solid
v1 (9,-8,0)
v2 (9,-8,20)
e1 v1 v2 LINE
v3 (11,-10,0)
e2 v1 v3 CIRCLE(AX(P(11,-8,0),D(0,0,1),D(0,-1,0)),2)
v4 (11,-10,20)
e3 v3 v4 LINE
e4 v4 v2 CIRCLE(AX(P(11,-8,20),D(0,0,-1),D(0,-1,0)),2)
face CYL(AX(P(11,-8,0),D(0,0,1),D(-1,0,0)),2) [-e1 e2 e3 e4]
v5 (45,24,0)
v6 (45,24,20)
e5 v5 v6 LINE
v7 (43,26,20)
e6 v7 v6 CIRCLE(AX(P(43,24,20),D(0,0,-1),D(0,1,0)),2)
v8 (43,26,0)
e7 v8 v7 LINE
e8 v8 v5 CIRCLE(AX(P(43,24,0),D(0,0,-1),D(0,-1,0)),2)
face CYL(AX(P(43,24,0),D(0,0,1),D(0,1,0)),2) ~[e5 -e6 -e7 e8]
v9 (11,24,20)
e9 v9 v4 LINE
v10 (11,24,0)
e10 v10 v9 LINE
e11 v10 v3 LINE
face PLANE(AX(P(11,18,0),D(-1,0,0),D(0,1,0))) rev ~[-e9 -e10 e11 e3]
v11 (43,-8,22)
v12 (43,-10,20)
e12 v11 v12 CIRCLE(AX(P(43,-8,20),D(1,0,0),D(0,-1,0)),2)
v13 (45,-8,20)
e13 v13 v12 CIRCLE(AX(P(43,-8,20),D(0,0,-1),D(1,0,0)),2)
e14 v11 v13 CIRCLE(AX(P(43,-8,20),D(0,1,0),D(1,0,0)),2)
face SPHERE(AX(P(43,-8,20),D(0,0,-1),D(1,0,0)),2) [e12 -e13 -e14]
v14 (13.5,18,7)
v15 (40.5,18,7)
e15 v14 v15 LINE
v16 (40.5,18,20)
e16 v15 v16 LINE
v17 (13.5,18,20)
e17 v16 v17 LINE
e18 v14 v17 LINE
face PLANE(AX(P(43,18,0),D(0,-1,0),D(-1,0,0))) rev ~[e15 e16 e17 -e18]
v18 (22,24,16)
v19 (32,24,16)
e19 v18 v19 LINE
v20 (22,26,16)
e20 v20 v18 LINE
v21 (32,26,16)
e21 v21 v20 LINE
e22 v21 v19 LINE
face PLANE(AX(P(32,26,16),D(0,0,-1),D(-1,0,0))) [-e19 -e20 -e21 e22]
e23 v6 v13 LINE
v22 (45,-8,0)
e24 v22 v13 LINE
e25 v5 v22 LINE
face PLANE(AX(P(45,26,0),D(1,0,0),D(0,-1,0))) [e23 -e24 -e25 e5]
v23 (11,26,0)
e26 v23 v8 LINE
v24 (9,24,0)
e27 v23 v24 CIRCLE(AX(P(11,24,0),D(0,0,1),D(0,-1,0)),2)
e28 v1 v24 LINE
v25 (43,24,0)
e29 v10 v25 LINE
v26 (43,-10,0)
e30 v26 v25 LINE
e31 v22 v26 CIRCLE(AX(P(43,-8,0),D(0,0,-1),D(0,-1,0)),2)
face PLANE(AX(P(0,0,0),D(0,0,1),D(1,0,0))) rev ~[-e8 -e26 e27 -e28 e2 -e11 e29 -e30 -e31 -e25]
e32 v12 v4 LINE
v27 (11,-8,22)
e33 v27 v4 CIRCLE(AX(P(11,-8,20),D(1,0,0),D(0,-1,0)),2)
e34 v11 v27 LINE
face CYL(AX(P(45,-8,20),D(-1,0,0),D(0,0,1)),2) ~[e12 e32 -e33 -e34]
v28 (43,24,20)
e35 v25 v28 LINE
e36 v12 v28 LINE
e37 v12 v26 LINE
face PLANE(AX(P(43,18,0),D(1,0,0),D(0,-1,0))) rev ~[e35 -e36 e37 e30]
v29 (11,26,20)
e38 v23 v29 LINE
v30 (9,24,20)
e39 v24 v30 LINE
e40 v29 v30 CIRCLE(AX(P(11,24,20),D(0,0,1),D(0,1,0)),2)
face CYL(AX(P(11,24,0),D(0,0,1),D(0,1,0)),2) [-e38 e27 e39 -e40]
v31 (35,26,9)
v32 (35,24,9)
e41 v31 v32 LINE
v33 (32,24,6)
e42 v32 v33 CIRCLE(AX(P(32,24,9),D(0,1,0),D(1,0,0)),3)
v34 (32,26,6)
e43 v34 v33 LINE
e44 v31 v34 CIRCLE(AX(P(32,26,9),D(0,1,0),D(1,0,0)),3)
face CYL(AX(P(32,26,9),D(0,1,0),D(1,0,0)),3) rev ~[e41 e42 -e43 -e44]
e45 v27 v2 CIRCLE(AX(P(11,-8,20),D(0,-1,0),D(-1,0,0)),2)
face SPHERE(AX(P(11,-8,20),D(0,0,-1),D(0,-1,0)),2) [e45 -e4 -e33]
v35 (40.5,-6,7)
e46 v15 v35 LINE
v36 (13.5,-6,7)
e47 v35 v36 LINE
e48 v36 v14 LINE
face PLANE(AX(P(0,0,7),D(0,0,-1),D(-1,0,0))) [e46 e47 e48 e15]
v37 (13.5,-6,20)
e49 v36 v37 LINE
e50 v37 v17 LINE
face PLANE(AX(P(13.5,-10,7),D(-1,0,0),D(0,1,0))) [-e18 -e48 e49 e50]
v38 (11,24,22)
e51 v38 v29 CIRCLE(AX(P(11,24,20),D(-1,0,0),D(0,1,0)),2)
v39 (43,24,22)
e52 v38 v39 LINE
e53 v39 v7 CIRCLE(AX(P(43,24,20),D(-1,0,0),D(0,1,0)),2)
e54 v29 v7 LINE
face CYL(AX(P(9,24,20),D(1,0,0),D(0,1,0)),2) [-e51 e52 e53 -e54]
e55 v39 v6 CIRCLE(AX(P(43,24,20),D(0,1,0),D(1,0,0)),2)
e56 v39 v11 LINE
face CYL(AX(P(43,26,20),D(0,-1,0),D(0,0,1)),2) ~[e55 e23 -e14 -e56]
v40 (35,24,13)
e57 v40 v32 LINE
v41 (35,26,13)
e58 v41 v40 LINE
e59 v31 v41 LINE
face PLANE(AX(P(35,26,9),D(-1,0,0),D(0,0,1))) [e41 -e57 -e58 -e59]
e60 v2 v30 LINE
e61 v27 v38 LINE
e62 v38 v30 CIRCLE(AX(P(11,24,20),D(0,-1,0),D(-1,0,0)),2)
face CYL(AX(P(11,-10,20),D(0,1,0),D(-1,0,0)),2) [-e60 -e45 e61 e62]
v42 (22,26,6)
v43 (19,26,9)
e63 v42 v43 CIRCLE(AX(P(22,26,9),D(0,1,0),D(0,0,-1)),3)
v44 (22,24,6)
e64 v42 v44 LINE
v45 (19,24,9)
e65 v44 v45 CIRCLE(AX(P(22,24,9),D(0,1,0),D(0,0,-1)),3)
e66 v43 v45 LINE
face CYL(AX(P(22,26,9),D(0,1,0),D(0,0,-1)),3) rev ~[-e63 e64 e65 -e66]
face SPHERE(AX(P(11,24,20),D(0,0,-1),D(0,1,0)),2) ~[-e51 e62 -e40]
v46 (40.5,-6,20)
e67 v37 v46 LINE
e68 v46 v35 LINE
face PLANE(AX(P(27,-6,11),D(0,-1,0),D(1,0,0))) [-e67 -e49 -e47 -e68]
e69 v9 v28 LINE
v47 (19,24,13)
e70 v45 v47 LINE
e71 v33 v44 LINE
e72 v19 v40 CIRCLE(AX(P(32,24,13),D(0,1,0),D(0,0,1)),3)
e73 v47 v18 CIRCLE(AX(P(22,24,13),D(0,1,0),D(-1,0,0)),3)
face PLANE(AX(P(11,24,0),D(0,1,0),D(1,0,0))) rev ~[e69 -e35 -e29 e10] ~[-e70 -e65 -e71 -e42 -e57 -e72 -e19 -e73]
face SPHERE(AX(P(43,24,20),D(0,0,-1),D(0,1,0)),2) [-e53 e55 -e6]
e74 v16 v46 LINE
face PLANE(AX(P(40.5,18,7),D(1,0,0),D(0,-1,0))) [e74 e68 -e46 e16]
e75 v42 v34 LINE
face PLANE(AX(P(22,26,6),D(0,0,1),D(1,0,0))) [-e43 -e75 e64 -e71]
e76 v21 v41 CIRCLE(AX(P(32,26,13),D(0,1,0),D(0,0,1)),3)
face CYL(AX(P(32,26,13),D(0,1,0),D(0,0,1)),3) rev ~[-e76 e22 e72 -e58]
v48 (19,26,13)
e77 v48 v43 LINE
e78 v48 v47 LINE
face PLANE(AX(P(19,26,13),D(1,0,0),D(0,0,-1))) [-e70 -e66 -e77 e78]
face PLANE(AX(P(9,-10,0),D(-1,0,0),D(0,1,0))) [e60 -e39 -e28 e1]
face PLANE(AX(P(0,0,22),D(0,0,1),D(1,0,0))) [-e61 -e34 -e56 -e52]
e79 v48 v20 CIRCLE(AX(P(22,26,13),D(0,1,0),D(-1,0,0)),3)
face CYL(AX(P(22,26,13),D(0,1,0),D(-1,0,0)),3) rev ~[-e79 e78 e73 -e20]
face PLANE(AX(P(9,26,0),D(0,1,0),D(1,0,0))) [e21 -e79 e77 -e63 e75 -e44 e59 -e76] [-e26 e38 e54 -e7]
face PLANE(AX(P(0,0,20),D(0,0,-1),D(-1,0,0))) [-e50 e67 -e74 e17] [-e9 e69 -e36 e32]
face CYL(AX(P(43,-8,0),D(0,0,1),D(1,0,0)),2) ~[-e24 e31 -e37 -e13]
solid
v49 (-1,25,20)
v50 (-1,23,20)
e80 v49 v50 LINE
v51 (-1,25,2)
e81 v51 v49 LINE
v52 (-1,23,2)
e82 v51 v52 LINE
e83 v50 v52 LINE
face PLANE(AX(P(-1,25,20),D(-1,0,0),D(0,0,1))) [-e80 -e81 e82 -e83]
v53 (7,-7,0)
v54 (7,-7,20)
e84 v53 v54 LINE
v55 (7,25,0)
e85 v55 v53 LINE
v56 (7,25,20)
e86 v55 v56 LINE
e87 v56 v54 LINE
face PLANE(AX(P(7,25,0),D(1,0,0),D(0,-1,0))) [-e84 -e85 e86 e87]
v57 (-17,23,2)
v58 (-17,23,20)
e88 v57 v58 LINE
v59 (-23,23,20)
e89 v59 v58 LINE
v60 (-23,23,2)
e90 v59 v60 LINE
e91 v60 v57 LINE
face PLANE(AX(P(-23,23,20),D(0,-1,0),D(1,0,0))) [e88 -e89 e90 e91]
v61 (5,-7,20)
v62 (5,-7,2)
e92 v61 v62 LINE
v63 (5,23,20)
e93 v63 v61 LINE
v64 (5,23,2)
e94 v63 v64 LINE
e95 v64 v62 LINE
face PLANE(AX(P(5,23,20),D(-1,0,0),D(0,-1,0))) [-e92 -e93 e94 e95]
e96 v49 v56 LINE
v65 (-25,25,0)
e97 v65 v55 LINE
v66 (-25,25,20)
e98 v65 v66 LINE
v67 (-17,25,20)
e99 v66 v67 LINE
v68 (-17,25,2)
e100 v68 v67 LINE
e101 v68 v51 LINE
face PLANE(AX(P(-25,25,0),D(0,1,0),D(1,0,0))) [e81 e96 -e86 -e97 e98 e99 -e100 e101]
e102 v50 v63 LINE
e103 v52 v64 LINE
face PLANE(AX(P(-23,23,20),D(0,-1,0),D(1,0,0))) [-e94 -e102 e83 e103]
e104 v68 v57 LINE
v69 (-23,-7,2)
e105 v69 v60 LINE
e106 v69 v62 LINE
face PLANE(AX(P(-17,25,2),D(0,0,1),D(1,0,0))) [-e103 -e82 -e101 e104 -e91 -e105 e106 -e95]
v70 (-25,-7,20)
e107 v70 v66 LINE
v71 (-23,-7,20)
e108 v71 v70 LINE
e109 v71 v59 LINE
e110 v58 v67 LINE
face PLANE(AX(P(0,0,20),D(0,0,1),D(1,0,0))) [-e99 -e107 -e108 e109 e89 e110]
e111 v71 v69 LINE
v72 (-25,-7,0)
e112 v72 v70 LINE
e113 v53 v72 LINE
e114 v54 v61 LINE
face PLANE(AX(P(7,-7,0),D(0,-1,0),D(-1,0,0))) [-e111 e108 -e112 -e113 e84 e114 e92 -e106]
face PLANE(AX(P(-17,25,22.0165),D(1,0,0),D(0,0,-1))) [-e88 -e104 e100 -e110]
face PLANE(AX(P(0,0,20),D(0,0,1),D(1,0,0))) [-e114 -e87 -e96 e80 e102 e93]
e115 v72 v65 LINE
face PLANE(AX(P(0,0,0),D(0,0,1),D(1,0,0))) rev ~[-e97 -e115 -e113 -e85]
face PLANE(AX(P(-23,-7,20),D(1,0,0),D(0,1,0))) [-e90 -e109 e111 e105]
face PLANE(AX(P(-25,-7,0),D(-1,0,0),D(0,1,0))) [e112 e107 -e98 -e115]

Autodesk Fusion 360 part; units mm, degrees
sketch "Esquisse1" plane through (0, 0, 0) normal (0, 0, 1) x (1, 0, 0)
  line L0 (-25, 25) -> (7, 25)
  line L1 (7, 25) -> (7, -7)
  line L2 (7, -7) -> (-25, -7)
  line L3 (-25, -7) -> (-25, 25)
  dimension "d1" = 32
  dimension "d2" = 32
extrude "Extrusion1" add sketch "Esquisse1" along normal blind 20 makes body 1
sketch "Esquisse2" plane through (0, 0, 20) normal (0, 0, 1) x (1, 0, 0)
  line L0 (-25, -7) -> (7, -7)
  line L1 (7, -7) -> (7, 25)
  line L2 (7, 25) -> (-25, 25)
  line L3 (-25, 25) -> (-25, -7)
  line L4 (-23, 23) -> (5, 23)
  line L5 (5, 23) -> (5, -7)
  line L6 (5, -7) -> (-23, -7)
  line L7 (-23, -7) -> (-23, 23)
  dimension "d34" = 2
  dimension "d35" = 2
  dimension "d36" = 2
extrude "Extrusion2" cut sketch "Esquisse2" against normal blind 18 contours L0 L4 L5 L6 L7 bodies 1
sketch "Esquisse3" plane through (0, 25, 0) normal (0, 1, 0) x (-1, 0, 0)
  line L0 (-7, 0) -> (25, 0)
  line L1 (25, 0) -> (25, 20)
  line L2 (25, 20) -> (-7, 20)
  line L3 (-7, 20) -> (-7, 0)
  line L4 (17, 2) -> (1, 2)
  line L5 (1, 2) -> (1, 22.0165)
  line L6 (1, 22.0165) -> (17, 22.0165)
  line L7 (17, 22.0165) -> (17, 2)
  dimension "d7" = 8
  dimension "d8" = 8
  dimension "d9" = 2
extrude "Extrusion3" cut sketch "Esquisse3" against normal blind 6 contours L2 L5 L6 L7 | L2 L4 L5 L7 bodies 1
sketch "Esquisse4" plane through (0, 0, 0) normal (0, 0, 1) x (1, 0, 0)
  line L0 (9, 26) -> (45, 26)
  line L1 (45, 26) -> (45, -10)
  line L2 (45, -10) -> (9, -10)
  line L3 (9, -10) -> (9, 26)
  dimension "d13" = 36
  dimension "d14" = 36
extrude "Extrusion4" add sketch "Esquisse4" along normal blind 22 separate body makes body 2
sketch "Esquisse5" plane through (0, 26, 0) normal (0, 1, 0) x (-1, 0, 0)
  line L0 (-45, 0) -> (-9, 0)
  line L1 (-9, 0) -> (-9, 22)
  line L2 (-9, 22) -> (-45, 22)
  line L3 (-45, 22) -> (-45, 0)
  line L4 (-22, 6) -> (-32, 6)
  line L5 (-35, 9) -> (-35, 13)
  line L6 (-32, 16) -> (-22, 16)
  line L7 (-19, 13) -> (-19, 9)
  arc A0 (-22, 6) -> (-19, 9) centre (-22, 9) ccw
  arc A1 (-35, 9) -> (-32, 6) centre (-32, 9) ccw
  arc A2 (-32, 16) -> (-35, 13) centre (-32, 13) ccw
  arc A3 (-19, 13) -> (-22, 16) centre (-22, 13) ccw
  dimension "d17" = 10
  dimension "d18" = 10
  dimension "d19" = 6
  dimension "d20" = 6
  dimension "d21" = 3
extrude "Extrusion5" cut sketch "Esquisse5" against normal blind 4 contours L4 L5 L6 L7 A0 A1 A2 A3 bodies 2
sketch "Esquisse6" plane through (0, -10, 0) normal (0, -1, 0) x (1, 0, 0)
  line L0 (9, 0) -> (45, 0)
  line L1 (45, 0) -> (45, 22)
  line L2 (45, 22) -> (9, 22)
  line L3 (9, 22) -> (9, 0)
sketch "Esquisse7" plane through (0, 0, 0) normal (0, 0, -1) x (-1, 0, 0)
  line L0 (-45, -10) -> (-9, -10)
  line L1 (-9, -10) -> (-9, 26)
  line L2 (-9, 26) -> (-45, 26)
  line L3 (-45, 26) -> (-45, -10)
  line L4 (-11, 24) -> (-43, 24)
  line L5 (-43, 24) -> (-43, 18)
  line L6 (-43, 18) -> (-11, 18)
  line L7 (-11, 18) -> (-11, 24)
  dimension "d38" = 2
  dimension "d39" = 2
extrude "Extrusion6" cut sketch "Esquisse7" against normal blind 20 contours L4 L5 L6 L7 bodies 2
sketch "Esquisse8" plane through (0, 0, 0) normal (0, 0, -1) x (-1, 0, 0)
  line L0 (-43, 24) -> (-11, 24)
  line L1 (-11, 24) -> (-11, 18)
  line L2 (-11, 18) -> (-43, 18)
  line L3 (-43, 18) -> (-43, 24)
  line L4 (-45, -10) -> (-9, -10)
  line L5 (-9, -10) -> (-9, 26)
  line L6 (-9, 26) -> (-45, 26)
  line L7 (-45, 26) -> (-45, -10)
  line L8 (-11, 18) -> (-43, 18)
  line L9 (-43, 18) -> (-43, -10)
  line L10 (-43, -10) -> (-11, -10)
  line L11 (-11, -10) -> (-11, 18)
  dimension "d37" = 2
extrude "Extrusion7" cut sketch "Esquisse8" against normal blind 7 contours L2 L4 L8 L9 L10 L11 bodies 2
fillet "Congé1" radius 2 4 edges at (9, 26, 11) (45, 26, 11) (45, -10, 11) (9, -10, 11) 1 faces at (21, 2, 22) on bodies 2
sketch "Esquisse9" plane through (0, 0, 7) normal (0, 0, -1) x (-1, 0, 0)
  line L0 (-11, -10) -> (-11, 18)
  line L1 (-11, 18) -> (-43, 18)
  line L2 (-43, 18) -> (-43, -10)
  line L3 (-43, -10) -> (-11, -10)
  line L4 (-11, -10) -> (-13.5, -10)
  line L5 (-13.5, -10) -> (-13.5, 18)
  line L6 (-13.5, 18) -> (-11, 18)
  line L7 (-11, 18) -> (-11, -10)
  line L8 (-43, 18) -> (-40.5, 18)
  line L9 (-40.5, 18) -> (-40.5, -10)
  line L10 (-40.5, -10) -> (-43, -10)
  line L11 (-43, -10) -> (-43, 18)
  dimension "d30" = 2.5
  dimension "d31" = 2.5
extrude "Extrusion8" cut sketch "Esquisse9" against normal blind 13 contours L0 L1 L3 L4 L5 L6 L7 | L1 L2 L3 L8 L9 L10 L11 bodies 2
sketch "Esquisse10" plane through (27, -10, 11) normal (0, -1, 0) x (1, 0, 0)
  line L0 (15.454, -4) -> (-15, -4)
  line L1 (-15, -4) -> (-15, 9)
  line L2 (-15, 9) -> (15.454, 9)
  line L3 (15.454, 9) -> (15.454, -4)
extrude "Extrusion9" cut sketch "Esquisse10" against normal blind 4 bodies 2
